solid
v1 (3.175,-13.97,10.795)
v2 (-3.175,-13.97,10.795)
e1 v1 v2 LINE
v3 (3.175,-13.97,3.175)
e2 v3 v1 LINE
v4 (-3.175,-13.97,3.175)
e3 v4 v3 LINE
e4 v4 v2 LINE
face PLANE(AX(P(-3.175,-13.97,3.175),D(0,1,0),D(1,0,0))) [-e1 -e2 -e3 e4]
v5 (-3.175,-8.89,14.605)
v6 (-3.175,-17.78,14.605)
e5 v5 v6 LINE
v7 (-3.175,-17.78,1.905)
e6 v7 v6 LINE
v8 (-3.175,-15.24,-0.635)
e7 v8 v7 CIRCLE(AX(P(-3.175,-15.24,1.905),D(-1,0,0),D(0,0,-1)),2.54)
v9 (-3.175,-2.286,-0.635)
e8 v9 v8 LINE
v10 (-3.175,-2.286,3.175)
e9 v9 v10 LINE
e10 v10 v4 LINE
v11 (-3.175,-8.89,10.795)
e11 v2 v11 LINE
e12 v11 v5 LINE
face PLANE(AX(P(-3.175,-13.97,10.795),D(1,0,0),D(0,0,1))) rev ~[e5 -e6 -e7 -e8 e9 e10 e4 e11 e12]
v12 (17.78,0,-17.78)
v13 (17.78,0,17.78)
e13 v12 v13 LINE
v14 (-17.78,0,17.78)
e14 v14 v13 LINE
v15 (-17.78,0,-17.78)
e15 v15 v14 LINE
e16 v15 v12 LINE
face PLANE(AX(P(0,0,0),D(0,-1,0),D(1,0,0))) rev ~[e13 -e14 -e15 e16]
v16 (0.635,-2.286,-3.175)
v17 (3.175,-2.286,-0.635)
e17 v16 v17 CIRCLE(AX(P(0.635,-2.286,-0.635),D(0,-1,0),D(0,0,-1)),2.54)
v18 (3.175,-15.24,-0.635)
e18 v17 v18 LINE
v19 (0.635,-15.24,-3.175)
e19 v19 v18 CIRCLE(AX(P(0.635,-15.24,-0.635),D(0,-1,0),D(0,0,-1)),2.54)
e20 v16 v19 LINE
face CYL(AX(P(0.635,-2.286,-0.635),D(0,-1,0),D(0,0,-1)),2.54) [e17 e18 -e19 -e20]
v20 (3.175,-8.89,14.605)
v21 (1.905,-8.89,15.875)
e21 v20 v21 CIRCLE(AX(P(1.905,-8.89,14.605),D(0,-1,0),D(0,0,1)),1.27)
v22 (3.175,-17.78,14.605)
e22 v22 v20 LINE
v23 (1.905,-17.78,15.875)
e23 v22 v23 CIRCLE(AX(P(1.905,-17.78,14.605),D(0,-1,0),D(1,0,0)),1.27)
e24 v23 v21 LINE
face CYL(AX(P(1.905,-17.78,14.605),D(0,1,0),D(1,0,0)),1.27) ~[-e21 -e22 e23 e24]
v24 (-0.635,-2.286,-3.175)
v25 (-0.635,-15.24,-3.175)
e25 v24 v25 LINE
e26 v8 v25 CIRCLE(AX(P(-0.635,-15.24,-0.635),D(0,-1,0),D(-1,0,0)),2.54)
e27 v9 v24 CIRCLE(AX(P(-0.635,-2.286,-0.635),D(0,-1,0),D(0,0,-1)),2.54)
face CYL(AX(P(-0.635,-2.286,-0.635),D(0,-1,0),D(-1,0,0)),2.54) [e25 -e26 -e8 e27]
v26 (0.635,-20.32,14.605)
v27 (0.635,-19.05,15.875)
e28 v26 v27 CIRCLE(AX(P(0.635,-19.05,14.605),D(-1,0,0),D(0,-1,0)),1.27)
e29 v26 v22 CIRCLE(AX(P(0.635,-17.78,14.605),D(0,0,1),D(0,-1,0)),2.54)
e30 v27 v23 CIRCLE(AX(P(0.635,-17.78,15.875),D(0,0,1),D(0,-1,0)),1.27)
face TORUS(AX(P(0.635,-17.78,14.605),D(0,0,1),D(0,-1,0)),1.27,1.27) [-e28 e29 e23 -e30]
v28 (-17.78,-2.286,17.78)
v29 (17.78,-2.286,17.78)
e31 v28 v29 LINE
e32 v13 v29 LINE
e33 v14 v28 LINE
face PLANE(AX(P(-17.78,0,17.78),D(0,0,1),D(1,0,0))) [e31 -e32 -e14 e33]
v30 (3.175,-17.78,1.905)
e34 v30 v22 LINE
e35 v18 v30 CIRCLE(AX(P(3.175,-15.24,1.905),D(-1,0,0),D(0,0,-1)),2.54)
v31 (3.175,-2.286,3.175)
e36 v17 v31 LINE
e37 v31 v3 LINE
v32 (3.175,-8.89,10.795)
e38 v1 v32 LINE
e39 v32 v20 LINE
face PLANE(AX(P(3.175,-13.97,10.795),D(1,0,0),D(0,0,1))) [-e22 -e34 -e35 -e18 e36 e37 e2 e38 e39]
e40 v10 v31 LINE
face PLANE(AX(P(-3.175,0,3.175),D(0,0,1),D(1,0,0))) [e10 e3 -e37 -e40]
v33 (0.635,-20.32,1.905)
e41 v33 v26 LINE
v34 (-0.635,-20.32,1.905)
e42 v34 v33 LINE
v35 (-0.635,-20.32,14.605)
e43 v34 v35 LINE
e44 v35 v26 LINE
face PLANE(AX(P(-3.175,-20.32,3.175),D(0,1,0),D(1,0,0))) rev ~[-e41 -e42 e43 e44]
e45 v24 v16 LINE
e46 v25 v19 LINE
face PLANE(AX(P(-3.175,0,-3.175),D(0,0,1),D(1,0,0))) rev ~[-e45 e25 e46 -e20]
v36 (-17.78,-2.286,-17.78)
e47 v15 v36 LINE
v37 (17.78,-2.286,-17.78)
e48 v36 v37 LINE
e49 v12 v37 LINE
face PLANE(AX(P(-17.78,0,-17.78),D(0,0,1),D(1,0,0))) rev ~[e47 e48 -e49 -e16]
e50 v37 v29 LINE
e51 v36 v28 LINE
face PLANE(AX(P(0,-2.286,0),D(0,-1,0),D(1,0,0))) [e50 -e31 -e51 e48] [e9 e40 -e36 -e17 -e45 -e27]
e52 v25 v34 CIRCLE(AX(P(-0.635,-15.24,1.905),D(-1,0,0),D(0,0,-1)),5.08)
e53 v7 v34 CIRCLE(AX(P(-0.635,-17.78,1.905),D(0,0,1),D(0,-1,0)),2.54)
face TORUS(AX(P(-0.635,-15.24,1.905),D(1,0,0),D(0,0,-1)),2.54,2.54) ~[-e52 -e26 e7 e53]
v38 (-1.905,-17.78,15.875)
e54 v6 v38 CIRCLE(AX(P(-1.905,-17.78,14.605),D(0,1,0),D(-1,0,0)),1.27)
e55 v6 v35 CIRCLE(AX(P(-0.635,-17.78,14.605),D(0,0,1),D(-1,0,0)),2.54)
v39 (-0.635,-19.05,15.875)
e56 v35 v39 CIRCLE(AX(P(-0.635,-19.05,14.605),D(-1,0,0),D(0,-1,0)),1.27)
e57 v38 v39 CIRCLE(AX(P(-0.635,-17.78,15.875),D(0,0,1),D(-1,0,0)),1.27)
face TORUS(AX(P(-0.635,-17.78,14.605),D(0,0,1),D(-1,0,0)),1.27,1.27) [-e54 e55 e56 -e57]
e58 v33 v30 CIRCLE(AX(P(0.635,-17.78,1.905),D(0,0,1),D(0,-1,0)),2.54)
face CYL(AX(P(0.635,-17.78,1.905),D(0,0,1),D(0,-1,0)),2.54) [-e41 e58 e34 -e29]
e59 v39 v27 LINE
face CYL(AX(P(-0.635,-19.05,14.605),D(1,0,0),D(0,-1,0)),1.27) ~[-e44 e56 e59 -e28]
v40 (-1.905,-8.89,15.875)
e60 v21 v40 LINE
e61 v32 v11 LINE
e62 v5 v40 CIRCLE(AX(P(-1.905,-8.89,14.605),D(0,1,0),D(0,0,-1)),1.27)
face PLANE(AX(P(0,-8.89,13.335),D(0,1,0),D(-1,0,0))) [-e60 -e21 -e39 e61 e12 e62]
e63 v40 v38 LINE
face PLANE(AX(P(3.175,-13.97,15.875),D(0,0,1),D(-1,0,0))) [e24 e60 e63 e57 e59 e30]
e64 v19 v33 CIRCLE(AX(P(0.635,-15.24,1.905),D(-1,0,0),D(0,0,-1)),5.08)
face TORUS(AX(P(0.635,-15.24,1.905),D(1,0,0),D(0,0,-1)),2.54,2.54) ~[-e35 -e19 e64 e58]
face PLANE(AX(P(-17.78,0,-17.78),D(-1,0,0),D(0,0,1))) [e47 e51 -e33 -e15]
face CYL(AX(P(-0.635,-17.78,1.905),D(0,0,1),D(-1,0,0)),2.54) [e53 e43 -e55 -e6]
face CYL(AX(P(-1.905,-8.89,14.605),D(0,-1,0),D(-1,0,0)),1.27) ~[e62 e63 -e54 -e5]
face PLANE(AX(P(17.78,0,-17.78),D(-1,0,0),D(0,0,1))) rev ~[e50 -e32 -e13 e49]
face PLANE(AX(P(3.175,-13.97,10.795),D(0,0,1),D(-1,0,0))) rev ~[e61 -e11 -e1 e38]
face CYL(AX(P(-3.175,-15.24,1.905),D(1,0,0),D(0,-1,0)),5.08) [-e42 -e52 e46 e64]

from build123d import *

# Parameters (mm, degrees)
F0_W     = 35.56
F0_H     = 35.56
F0_W_2   = 6.35
F0_H_2   = 6.35
F1_DEPTH = 2.286
F2_DEPTH = 20.32
F3_W     = 6.35
F3_H     = 6.35
F4_DEPTH = 12.7
F5_R     = 5.08
F6_R     = 2.54
F7_W     = 6.35
F7_H     = 5.08
F8_DEPTH = 5.08
F9_R     = 1.27


with BuildPart() as f1:
    # F0 (on Front) → F1 (new body)
    with BuildSketch(Plane.XZ):
        Rectangle(F0_W, F0_H)
        Rectangle(F0_W_2, F0_H_2, mode=Mode.SUBTRACT)
    extrude(amount=F1_DEPTH)

    # F0 (on Front) → F2 (join)
    with BuildSketch(Plane.XZ):
        Rectangle(F0_W_2, F0_H_2)
    extrude(amount=F2_DEPTH)

    # F3 (on face) → F4 (join)
    with BuildSketch(Plane.XY.offset(3.175)):
        with Locations((0, -17.145)):
            Rectangle(F3_W, F3_H)
    extrude(amount=F4_DEPTH)

    # F5
    f5_edges = [f1.edges().sort_by_distance(p)[0] for p in [
        (0, -20.32, -3.175),
    ]]
    fillet(f5_edges, radius=F5_R)

    # F6
    f6_edges = [f1.edges().sort_by_distance(p)[0] for p in [
        (3.175, -20.32, 8.89),
        (-3.175, -20.32, 8.89),
    ]]
    fillet(f6_edges, radius=F6_R)

    # F7 (on face) → F8 (join)
    with BuildSketch(Plane(origin=(0, -13.97, 0), x_dir=(-1, 0, 0), z_dir=(0, 1, 0))):
        with Locations((0, 13.335)):
            Rectangle(F7_W, F7_H)
    extrude(amount=F8_DEPTH)

    # F9
    f9_edges = [f1.edges().sort_by_distance(p)[0] for p in [
        (2.431051, -19.576051, 15.875),
        (0, -20.32, 15.875),
        (-2.431051, -19.576051, 15.875),
    ]]
    fillet(f9_edges, radius=F9_R)


solid = f1.part
